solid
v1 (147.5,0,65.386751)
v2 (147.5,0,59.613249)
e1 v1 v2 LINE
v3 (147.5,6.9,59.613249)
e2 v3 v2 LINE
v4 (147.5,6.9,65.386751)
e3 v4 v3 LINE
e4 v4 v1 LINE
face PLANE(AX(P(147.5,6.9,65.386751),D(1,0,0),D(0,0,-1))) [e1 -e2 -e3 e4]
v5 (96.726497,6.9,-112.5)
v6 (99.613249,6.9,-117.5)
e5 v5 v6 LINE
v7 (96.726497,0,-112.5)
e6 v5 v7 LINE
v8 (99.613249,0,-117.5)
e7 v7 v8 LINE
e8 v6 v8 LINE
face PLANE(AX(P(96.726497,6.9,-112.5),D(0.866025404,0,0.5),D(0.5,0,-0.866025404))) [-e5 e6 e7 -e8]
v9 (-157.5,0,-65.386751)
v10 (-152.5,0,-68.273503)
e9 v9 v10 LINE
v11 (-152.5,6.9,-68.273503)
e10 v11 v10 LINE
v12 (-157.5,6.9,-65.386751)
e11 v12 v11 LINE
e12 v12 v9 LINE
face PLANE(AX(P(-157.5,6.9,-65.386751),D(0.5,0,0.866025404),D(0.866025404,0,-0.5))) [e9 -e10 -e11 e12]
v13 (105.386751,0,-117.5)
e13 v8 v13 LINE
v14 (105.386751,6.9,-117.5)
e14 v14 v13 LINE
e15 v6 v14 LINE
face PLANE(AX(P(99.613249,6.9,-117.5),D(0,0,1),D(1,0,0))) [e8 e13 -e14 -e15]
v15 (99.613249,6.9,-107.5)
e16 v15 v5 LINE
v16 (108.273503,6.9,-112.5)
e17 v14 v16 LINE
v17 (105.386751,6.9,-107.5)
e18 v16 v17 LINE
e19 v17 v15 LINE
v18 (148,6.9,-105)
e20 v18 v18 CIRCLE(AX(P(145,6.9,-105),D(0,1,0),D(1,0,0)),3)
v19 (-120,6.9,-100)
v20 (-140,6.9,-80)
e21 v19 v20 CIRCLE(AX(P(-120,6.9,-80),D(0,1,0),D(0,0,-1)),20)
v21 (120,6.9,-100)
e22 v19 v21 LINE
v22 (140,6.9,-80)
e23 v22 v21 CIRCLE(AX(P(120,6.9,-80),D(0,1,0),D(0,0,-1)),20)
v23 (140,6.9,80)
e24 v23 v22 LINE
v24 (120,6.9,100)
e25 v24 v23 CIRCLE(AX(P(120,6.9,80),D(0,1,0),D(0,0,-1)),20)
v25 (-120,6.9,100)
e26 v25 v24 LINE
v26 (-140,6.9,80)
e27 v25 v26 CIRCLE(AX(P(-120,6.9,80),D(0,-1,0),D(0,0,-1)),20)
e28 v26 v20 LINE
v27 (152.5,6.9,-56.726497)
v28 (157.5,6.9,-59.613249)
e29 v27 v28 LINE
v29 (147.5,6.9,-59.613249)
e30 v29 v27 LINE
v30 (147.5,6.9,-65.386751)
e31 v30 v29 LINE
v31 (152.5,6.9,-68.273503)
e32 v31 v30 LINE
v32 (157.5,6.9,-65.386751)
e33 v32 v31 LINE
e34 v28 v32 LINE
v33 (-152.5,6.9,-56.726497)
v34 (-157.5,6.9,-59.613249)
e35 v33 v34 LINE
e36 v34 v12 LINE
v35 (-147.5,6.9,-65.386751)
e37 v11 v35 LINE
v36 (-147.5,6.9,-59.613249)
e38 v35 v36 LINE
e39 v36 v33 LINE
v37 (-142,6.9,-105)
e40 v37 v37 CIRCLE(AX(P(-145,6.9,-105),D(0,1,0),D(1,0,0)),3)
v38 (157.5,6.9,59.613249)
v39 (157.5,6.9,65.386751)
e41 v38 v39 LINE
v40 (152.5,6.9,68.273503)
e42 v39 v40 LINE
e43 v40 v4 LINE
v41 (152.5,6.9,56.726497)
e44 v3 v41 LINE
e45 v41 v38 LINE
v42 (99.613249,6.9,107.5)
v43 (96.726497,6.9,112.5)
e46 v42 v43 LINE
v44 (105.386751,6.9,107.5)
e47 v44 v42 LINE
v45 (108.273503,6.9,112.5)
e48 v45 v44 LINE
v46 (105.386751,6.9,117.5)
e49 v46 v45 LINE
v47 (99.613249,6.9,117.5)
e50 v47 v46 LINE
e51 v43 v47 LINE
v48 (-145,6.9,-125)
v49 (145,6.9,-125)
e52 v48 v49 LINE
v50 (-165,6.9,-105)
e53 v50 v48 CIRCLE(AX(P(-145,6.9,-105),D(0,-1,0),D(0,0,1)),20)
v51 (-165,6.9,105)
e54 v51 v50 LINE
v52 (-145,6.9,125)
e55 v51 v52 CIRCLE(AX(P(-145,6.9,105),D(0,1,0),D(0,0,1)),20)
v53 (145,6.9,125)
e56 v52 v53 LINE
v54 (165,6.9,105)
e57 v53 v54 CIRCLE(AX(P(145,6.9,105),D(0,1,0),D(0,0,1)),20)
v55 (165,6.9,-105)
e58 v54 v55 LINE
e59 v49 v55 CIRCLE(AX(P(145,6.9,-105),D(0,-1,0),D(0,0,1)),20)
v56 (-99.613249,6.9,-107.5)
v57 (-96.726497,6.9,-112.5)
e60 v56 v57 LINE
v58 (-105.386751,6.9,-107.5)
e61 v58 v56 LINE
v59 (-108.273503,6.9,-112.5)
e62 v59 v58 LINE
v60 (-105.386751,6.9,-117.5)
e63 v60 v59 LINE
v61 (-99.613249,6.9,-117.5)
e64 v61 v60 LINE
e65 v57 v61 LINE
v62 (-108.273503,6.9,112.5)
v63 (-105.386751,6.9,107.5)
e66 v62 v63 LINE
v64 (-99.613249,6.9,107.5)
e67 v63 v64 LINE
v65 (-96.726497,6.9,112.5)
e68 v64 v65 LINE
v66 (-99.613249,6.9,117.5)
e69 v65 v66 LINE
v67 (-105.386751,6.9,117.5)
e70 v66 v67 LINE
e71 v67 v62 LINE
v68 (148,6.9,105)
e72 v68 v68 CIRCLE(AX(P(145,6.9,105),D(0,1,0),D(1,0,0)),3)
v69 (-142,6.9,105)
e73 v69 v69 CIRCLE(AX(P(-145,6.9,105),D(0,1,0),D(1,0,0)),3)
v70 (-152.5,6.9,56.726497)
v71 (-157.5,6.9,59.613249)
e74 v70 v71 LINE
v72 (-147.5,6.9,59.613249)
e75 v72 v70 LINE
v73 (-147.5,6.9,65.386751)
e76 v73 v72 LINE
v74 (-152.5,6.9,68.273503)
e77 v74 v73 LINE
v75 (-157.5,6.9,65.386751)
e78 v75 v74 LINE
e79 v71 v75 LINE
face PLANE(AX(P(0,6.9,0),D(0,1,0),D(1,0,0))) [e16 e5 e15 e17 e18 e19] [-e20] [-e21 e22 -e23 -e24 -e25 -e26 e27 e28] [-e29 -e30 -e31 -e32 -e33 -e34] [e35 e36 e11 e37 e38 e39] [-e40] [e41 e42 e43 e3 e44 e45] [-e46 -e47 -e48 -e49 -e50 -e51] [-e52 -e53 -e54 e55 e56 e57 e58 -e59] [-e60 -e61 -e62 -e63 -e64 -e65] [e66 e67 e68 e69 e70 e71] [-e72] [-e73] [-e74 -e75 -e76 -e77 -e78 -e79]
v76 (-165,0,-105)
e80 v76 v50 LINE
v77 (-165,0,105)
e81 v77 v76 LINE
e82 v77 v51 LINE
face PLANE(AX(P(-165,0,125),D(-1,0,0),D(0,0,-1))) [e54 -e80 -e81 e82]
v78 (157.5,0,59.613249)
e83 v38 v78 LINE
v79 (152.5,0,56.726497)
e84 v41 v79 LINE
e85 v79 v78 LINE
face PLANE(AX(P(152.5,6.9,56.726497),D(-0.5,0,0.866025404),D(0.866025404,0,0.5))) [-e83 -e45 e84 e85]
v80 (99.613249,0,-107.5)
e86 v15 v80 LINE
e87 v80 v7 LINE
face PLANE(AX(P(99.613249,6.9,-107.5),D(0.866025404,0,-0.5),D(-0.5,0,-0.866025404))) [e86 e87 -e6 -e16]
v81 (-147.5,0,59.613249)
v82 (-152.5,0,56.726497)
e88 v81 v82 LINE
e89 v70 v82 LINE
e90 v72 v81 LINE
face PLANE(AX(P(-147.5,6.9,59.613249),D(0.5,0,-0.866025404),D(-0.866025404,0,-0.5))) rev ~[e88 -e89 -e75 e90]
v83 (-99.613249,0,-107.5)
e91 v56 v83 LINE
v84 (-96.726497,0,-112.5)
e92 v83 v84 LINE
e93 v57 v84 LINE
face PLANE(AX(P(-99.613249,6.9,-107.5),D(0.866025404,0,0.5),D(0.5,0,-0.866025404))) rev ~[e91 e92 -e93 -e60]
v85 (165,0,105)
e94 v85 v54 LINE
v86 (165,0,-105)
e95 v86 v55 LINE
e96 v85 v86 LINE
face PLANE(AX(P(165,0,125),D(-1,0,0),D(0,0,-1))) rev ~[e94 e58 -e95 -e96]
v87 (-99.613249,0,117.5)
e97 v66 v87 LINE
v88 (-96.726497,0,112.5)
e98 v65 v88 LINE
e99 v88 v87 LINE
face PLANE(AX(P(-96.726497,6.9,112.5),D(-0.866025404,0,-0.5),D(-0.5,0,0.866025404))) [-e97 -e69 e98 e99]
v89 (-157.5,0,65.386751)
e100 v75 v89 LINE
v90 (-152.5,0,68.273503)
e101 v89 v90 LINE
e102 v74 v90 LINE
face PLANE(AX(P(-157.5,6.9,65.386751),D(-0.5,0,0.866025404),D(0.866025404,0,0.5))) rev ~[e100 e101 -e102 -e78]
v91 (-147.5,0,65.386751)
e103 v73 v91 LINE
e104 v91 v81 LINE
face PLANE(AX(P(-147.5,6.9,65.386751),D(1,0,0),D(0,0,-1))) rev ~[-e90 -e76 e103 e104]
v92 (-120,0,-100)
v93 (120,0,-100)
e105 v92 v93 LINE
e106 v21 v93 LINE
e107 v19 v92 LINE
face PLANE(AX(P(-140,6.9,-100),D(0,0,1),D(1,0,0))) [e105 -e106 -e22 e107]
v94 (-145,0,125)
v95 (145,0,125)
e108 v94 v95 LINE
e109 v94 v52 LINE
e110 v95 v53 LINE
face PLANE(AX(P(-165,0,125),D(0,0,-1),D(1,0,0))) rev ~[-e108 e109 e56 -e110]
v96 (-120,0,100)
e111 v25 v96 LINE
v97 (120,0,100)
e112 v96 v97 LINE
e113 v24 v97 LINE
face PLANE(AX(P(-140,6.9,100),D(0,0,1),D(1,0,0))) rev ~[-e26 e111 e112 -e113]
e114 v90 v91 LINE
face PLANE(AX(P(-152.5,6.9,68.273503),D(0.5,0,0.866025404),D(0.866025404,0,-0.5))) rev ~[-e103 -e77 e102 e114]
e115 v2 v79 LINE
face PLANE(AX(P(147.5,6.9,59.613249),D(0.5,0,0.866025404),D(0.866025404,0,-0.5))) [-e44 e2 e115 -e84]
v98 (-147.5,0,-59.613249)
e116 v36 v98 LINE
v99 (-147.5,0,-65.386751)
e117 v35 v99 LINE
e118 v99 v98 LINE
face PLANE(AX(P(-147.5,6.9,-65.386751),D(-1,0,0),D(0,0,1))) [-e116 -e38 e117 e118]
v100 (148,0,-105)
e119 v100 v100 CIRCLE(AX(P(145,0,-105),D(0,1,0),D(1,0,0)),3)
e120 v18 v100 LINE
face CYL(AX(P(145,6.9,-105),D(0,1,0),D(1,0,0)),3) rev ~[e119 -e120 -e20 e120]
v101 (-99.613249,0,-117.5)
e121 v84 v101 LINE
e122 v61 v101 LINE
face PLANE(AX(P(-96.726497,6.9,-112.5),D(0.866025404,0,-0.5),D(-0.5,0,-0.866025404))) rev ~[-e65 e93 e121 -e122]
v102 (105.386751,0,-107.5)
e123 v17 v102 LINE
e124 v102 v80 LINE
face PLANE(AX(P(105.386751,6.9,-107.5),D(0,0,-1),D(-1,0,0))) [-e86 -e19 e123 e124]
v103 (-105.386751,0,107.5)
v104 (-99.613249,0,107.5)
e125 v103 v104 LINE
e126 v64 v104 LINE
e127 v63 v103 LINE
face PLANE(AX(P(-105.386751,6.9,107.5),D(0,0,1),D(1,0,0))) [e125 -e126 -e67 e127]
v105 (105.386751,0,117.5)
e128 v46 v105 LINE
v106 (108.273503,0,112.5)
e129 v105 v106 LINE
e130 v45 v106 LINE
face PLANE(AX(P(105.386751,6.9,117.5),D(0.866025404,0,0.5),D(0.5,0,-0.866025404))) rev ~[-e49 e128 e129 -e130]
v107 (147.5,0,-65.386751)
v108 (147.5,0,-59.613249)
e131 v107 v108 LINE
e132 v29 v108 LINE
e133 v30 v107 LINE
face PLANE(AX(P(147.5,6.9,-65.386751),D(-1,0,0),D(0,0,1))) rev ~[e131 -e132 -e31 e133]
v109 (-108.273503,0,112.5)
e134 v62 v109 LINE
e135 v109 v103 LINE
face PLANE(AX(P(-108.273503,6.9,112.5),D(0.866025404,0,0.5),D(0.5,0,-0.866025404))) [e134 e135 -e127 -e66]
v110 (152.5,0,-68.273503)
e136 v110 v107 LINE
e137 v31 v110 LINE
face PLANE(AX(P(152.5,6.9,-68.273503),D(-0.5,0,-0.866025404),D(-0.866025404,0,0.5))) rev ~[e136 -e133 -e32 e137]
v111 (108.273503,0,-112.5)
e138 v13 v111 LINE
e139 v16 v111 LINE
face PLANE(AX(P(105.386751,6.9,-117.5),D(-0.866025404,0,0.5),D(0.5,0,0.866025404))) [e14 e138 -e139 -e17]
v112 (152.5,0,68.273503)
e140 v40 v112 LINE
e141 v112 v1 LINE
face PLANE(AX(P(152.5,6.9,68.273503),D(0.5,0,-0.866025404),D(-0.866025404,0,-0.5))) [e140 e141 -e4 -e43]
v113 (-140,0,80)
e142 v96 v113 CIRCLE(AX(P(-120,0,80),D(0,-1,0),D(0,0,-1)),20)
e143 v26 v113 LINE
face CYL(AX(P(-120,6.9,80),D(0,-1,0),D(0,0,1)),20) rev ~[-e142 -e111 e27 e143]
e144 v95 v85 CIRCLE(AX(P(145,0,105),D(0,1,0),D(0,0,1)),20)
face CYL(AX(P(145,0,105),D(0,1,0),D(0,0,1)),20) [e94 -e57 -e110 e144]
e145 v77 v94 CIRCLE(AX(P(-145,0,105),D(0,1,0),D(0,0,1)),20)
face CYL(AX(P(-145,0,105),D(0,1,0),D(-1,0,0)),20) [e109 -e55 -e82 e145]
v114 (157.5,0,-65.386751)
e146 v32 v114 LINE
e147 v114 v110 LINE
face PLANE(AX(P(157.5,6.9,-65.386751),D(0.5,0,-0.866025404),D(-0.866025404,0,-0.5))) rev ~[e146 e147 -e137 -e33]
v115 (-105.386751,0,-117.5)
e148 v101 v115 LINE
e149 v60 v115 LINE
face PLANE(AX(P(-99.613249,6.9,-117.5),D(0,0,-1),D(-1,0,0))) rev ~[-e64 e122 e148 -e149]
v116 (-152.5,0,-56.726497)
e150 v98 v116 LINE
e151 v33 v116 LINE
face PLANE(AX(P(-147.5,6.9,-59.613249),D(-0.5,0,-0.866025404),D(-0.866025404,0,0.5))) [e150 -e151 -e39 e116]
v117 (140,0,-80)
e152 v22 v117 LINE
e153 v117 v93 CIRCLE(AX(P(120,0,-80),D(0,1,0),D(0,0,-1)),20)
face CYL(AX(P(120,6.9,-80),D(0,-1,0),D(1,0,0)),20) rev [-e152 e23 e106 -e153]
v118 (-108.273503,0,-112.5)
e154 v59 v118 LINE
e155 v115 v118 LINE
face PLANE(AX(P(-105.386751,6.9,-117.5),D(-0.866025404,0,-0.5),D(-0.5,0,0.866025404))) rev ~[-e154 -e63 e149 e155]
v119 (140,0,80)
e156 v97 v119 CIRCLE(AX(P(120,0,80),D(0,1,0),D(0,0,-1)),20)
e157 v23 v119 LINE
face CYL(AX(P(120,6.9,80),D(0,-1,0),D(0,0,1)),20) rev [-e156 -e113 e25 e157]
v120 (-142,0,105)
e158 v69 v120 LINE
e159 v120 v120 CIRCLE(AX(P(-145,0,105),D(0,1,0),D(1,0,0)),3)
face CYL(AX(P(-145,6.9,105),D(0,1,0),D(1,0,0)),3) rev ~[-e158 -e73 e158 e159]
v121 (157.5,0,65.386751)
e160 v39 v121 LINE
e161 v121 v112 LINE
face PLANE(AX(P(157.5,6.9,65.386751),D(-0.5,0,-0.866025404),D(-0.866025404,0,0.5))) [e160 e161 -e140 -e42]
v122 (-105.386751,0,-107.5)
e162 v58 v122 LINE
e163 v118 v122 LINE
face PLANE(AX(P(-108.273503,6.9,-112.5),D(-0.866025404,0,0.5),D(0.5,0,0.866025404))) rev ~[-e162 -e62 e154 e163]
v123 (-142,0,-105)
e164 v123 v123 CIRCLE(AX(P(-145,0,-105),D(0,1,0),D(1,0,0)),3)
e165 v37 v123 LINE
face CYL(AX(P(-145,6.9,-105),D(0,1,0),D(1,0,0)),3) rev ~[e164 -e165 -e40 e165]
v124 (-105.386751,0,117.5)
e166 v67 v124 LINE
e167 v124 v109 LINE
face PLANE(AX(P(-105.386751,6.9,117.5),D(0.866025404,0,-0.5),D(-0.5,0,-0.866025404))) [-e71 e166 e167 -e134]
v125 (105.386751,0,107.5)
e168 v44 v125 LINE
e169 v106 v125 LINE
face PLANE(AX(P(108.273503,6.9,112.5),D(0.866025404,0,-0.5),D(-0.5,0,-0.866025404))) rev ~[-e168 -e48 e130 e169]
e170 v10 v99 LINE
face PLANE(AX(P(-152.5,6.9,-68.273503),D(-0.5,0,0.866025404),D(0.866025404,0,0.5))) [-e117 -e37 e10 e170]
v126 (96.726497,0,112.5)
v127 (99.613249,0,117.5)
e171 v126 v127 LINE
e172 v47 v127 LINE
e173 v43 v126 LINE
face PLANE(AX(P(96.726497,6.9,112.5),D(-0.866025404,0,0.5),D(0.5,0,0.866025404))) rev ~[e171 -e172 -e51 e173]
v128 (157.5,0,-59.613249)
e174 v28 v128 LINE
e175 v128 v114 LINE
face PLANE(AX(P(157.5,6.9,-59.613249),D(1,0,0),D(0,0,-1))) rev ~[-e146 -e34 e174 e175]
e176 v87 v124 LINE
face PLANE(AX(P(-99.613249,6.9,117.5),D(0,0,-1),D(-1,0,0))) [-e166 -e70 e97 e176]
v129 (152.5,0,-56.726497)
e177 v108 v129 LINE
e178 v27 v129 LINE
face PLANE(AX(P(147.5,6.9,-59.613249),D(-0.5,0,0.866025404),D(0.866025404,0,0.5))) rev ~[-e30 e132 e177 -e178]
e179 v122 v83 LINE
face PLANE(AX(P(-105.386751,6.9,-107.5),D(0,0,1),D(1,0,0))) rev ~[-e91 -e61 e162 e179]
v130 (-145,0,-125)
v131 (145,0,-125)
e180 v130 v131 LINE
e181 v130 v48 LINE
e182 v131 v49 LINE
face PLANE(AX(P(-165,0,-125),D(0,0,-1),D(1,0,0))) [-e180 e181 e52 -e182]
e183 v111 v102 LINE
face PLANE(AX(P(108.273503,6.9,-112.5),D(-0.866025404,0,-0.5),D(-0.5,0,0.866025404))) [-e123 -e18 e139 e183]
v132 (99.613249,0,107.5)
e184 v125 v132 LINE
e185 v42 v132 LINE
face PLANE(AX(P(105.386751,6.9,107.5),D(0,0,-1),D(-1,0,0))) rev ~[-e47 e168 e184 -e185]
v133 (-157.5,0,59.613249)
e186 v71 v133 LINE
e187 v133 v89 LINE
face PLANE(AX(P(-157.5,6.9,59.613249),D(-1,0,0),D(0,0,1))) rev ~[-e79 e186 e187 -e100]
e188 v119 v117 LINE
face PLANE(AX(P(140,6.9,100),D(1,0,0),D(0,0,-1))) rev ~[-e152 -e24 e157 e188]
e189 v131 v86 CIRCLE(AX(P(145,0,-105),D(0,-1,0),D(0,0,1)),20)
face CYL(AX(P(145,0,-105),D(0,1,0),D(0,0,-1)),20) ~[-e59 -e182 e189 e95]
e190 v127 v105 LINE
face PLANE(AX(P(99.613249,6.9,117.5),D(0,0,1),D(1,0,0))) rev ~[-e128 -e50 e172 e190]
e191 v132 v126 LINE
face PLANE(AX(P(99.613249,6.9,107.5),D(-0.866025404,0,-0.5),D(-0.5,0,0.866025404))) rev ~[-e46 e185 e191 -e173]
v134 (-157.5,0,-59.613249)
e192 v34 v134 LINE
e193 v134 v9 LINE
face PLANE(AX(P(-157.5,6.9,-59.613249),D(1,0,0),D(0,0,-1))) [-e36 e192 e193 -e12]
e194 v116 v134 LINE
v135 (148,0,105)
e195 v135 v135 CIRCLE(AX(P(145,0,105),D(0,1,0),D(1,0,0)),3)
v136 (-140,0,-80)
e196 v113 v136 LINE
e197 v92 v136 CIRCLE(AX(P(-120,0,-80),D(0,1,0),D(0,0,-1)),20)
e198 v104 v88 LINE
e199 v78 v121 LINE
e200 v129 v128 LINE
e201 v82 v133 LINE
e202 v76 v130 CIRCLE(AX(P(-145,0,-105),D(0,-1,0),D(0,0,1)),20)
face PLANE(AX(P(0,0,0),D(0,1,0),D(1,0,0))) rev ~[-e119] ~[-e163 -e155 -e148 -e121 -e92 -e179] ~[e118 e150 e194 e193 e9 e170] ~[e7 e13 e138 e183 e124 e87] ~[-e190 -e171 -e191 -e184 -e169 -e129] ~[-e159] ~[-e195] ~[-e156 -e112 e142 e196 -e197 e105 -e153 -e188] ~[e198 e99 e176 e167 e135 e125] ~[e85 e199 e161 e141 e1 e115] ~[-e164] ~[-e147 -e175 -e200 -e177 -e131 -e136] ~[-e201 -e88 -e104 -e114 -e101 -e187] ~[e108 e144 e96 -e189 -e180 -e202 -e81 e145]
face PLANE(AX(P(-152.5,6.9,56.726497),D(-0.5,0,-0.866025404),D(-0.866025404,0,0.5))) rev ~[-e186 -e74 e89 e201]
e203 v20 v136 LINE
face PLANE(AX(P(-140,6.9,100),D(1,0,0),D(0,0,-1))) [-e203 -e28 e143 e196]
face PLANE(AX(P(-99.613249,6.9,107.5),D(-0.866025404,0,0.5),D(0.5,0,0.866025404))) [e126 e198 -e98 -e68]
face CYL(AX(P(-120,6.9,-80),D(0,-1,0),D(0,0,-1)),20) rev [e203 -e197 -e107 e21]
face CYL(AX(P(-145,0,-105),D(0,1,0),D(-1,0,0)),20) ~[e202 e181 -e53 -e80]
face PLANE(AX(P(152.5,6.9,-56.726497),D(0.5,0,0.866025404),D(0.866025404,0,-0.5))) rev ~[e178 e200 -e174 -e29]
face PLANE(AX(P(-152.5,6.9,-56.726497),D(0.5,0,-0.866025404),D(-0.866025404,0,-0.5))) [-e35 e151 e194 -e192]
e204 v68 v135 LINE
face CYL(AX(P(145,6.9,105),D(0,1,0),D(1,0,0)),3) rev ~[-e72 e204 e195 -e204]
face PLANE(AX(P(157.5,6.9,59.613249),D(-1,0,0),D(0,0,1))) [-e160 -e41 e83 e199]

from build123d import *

# Parameters (mm, degrees)
SKETCH1_W           = 330
SKETCH1_H           = 250
BOSS_EXTRUDE1_DEPTH = 6.9
SKETCH2_R           = 3
CUT_EXTRUDE1_DEPTH  = 7.9
SKETCH3_W           = 280
SKETCH3_H           = 200
CUT_EXTRUDE2_DEPTH  = 7.9
FILLET1_R           = 20
FILLET2_R           = 20
CUT_EXTRUDE4_DEPTH  = 7.9


with BuildPart() as part:
    # Sketch1 → Boss-Extrude1 (new body)
    with BuildSketch(Plane(origin=(0, 0, 0), x_dir=(1, 0, 0), z_dir=(0, 1, 0))):
        Rectangle(SKETCH1_W, SKETCH1_H)
    extrude(amount=BOSS_EXTRUDE1_DEPTH)

    # Sketch2 → Cut-Extrude1 (cut, through all)
    with BuildSketch(Plane(origin=(0, 6.9, 0), x_dir=(1, 0, 0), z_dir=(0, 1, 0))):
        with Locations((-145, 105)):
            Circle(SKETCH2_R)
        with Locations((145, 105)):
            Circle(SKETCH2_R)
        with Locations((145, -105)):
            Circle(SKETCH2_R)
        with Locations((-145, -105)):
            Circle(SKETCH2_R)
    extrude(amount=-CUT_EXTRUDE1_DEPTH, mode=Mode.SUBTRACT)

    # Sketch3 → Cut-Extrude2 (cut, through all)
    with BuildSketch(Plane(origin=(0, 6.9, 0), x_dir=(1, 0, 0), z_dir=(0, 1, 0))):
        Rectangle(SKETCH3_W, SKETCH3_H)
    extrude(amount=-CUT_EXTRUDE2_DEPTH, mode=Mode.SUBTRACT)

    # Fillet1
    fillet1_edges = [part.edges().sort_by_distance(p)[0] for p in [
        (-165, 3.45, -125),
        (165, 3.45, -125),
        (165, 3.45, 125),
        (-165, 3.45, 125),
    ]]
    fillet(fillet1_edges, radius=FILLET1_R)

    # Fillet2
    fillet2_edges = [part.edges().sort_by_distance(p)[0] for p in [
        (-140, 3.45, 100),
        (-140, 3.45, -100),
        (140, 3.45, -100),
        (140, 3.45, 100),
    ]]
    fillet(fillet2_edges, radius=FILLET2_R)

    # Sketch4 → Cut-Extrude4 (cut, through all)
    with BuildSketch(Plane(origin=(0, 6.9, 0), x_dir=(1, 0, 0), z_dir=(0, 1, 0))):
        Polygon((-105.386751346, -107.5), (-99.613248654, -107.5), (-96.726497308, -112.5), (-99.613248654, -117.5), (-105.386751346, -117.5), (-108.273502692, -112.5), align=None)
        Polygon((-147.5, -59.613248654), (-152.5, -56.726497308), (-157.5, -59.613248654), (-157.5, -65.386751346), (-152.5, -68.273502692), (-147.5, -65.386751346), align=None)
        Polygon((99.613248654, -107.5), (96.726497308, -112.5), (99.613248654, -117.5), (105.386751346, -117.5), (108.273502692, -112.5), (105.386751346, -107.5), align=None)
        Polygon((147.5, -65.386751346), (147.5, -59.613248654), (152.5, -56.726497308), (157.5, -59.613248654), (157.5, -65.386751346), (152.5, -68.273502692), align=None)
        Polygon((147.5, 59.613248654), (152.5, 56.726497308), (157.5, 59.613248654), (157.5, 65.386751346), (152.5, 68.273502692), (147.5, 65.386751346), align=None)
        Polygon((105.386751346, 107.5), (99.613248654, 107.5), (96.726497308, 112.5), (99.613248654, 117.5), (105.386751346, 117.5), (108.273502692, 112.5), align=None)
        Polygon((-99.613248654, 107.5), (-96.726497308, 112.5), (-99.613248654, 117.5), (-105.386751346, 117.5), (-108.273502692, 112.5), (-105.386751346, 107.5), align=None)
        Polygon((-147.5, 65.386751346), (-147.5, 59.613248654), (-152.5, 56.726497308), (-157.5, 59.613248654), (-157.5, 65.386751346), (-152.5, 68.273502692), align=None)
    extrude(amount=-CUT_EXTRUDE4_DEPTH, mode=Mode.SUBTRACT)


solid = part.part
